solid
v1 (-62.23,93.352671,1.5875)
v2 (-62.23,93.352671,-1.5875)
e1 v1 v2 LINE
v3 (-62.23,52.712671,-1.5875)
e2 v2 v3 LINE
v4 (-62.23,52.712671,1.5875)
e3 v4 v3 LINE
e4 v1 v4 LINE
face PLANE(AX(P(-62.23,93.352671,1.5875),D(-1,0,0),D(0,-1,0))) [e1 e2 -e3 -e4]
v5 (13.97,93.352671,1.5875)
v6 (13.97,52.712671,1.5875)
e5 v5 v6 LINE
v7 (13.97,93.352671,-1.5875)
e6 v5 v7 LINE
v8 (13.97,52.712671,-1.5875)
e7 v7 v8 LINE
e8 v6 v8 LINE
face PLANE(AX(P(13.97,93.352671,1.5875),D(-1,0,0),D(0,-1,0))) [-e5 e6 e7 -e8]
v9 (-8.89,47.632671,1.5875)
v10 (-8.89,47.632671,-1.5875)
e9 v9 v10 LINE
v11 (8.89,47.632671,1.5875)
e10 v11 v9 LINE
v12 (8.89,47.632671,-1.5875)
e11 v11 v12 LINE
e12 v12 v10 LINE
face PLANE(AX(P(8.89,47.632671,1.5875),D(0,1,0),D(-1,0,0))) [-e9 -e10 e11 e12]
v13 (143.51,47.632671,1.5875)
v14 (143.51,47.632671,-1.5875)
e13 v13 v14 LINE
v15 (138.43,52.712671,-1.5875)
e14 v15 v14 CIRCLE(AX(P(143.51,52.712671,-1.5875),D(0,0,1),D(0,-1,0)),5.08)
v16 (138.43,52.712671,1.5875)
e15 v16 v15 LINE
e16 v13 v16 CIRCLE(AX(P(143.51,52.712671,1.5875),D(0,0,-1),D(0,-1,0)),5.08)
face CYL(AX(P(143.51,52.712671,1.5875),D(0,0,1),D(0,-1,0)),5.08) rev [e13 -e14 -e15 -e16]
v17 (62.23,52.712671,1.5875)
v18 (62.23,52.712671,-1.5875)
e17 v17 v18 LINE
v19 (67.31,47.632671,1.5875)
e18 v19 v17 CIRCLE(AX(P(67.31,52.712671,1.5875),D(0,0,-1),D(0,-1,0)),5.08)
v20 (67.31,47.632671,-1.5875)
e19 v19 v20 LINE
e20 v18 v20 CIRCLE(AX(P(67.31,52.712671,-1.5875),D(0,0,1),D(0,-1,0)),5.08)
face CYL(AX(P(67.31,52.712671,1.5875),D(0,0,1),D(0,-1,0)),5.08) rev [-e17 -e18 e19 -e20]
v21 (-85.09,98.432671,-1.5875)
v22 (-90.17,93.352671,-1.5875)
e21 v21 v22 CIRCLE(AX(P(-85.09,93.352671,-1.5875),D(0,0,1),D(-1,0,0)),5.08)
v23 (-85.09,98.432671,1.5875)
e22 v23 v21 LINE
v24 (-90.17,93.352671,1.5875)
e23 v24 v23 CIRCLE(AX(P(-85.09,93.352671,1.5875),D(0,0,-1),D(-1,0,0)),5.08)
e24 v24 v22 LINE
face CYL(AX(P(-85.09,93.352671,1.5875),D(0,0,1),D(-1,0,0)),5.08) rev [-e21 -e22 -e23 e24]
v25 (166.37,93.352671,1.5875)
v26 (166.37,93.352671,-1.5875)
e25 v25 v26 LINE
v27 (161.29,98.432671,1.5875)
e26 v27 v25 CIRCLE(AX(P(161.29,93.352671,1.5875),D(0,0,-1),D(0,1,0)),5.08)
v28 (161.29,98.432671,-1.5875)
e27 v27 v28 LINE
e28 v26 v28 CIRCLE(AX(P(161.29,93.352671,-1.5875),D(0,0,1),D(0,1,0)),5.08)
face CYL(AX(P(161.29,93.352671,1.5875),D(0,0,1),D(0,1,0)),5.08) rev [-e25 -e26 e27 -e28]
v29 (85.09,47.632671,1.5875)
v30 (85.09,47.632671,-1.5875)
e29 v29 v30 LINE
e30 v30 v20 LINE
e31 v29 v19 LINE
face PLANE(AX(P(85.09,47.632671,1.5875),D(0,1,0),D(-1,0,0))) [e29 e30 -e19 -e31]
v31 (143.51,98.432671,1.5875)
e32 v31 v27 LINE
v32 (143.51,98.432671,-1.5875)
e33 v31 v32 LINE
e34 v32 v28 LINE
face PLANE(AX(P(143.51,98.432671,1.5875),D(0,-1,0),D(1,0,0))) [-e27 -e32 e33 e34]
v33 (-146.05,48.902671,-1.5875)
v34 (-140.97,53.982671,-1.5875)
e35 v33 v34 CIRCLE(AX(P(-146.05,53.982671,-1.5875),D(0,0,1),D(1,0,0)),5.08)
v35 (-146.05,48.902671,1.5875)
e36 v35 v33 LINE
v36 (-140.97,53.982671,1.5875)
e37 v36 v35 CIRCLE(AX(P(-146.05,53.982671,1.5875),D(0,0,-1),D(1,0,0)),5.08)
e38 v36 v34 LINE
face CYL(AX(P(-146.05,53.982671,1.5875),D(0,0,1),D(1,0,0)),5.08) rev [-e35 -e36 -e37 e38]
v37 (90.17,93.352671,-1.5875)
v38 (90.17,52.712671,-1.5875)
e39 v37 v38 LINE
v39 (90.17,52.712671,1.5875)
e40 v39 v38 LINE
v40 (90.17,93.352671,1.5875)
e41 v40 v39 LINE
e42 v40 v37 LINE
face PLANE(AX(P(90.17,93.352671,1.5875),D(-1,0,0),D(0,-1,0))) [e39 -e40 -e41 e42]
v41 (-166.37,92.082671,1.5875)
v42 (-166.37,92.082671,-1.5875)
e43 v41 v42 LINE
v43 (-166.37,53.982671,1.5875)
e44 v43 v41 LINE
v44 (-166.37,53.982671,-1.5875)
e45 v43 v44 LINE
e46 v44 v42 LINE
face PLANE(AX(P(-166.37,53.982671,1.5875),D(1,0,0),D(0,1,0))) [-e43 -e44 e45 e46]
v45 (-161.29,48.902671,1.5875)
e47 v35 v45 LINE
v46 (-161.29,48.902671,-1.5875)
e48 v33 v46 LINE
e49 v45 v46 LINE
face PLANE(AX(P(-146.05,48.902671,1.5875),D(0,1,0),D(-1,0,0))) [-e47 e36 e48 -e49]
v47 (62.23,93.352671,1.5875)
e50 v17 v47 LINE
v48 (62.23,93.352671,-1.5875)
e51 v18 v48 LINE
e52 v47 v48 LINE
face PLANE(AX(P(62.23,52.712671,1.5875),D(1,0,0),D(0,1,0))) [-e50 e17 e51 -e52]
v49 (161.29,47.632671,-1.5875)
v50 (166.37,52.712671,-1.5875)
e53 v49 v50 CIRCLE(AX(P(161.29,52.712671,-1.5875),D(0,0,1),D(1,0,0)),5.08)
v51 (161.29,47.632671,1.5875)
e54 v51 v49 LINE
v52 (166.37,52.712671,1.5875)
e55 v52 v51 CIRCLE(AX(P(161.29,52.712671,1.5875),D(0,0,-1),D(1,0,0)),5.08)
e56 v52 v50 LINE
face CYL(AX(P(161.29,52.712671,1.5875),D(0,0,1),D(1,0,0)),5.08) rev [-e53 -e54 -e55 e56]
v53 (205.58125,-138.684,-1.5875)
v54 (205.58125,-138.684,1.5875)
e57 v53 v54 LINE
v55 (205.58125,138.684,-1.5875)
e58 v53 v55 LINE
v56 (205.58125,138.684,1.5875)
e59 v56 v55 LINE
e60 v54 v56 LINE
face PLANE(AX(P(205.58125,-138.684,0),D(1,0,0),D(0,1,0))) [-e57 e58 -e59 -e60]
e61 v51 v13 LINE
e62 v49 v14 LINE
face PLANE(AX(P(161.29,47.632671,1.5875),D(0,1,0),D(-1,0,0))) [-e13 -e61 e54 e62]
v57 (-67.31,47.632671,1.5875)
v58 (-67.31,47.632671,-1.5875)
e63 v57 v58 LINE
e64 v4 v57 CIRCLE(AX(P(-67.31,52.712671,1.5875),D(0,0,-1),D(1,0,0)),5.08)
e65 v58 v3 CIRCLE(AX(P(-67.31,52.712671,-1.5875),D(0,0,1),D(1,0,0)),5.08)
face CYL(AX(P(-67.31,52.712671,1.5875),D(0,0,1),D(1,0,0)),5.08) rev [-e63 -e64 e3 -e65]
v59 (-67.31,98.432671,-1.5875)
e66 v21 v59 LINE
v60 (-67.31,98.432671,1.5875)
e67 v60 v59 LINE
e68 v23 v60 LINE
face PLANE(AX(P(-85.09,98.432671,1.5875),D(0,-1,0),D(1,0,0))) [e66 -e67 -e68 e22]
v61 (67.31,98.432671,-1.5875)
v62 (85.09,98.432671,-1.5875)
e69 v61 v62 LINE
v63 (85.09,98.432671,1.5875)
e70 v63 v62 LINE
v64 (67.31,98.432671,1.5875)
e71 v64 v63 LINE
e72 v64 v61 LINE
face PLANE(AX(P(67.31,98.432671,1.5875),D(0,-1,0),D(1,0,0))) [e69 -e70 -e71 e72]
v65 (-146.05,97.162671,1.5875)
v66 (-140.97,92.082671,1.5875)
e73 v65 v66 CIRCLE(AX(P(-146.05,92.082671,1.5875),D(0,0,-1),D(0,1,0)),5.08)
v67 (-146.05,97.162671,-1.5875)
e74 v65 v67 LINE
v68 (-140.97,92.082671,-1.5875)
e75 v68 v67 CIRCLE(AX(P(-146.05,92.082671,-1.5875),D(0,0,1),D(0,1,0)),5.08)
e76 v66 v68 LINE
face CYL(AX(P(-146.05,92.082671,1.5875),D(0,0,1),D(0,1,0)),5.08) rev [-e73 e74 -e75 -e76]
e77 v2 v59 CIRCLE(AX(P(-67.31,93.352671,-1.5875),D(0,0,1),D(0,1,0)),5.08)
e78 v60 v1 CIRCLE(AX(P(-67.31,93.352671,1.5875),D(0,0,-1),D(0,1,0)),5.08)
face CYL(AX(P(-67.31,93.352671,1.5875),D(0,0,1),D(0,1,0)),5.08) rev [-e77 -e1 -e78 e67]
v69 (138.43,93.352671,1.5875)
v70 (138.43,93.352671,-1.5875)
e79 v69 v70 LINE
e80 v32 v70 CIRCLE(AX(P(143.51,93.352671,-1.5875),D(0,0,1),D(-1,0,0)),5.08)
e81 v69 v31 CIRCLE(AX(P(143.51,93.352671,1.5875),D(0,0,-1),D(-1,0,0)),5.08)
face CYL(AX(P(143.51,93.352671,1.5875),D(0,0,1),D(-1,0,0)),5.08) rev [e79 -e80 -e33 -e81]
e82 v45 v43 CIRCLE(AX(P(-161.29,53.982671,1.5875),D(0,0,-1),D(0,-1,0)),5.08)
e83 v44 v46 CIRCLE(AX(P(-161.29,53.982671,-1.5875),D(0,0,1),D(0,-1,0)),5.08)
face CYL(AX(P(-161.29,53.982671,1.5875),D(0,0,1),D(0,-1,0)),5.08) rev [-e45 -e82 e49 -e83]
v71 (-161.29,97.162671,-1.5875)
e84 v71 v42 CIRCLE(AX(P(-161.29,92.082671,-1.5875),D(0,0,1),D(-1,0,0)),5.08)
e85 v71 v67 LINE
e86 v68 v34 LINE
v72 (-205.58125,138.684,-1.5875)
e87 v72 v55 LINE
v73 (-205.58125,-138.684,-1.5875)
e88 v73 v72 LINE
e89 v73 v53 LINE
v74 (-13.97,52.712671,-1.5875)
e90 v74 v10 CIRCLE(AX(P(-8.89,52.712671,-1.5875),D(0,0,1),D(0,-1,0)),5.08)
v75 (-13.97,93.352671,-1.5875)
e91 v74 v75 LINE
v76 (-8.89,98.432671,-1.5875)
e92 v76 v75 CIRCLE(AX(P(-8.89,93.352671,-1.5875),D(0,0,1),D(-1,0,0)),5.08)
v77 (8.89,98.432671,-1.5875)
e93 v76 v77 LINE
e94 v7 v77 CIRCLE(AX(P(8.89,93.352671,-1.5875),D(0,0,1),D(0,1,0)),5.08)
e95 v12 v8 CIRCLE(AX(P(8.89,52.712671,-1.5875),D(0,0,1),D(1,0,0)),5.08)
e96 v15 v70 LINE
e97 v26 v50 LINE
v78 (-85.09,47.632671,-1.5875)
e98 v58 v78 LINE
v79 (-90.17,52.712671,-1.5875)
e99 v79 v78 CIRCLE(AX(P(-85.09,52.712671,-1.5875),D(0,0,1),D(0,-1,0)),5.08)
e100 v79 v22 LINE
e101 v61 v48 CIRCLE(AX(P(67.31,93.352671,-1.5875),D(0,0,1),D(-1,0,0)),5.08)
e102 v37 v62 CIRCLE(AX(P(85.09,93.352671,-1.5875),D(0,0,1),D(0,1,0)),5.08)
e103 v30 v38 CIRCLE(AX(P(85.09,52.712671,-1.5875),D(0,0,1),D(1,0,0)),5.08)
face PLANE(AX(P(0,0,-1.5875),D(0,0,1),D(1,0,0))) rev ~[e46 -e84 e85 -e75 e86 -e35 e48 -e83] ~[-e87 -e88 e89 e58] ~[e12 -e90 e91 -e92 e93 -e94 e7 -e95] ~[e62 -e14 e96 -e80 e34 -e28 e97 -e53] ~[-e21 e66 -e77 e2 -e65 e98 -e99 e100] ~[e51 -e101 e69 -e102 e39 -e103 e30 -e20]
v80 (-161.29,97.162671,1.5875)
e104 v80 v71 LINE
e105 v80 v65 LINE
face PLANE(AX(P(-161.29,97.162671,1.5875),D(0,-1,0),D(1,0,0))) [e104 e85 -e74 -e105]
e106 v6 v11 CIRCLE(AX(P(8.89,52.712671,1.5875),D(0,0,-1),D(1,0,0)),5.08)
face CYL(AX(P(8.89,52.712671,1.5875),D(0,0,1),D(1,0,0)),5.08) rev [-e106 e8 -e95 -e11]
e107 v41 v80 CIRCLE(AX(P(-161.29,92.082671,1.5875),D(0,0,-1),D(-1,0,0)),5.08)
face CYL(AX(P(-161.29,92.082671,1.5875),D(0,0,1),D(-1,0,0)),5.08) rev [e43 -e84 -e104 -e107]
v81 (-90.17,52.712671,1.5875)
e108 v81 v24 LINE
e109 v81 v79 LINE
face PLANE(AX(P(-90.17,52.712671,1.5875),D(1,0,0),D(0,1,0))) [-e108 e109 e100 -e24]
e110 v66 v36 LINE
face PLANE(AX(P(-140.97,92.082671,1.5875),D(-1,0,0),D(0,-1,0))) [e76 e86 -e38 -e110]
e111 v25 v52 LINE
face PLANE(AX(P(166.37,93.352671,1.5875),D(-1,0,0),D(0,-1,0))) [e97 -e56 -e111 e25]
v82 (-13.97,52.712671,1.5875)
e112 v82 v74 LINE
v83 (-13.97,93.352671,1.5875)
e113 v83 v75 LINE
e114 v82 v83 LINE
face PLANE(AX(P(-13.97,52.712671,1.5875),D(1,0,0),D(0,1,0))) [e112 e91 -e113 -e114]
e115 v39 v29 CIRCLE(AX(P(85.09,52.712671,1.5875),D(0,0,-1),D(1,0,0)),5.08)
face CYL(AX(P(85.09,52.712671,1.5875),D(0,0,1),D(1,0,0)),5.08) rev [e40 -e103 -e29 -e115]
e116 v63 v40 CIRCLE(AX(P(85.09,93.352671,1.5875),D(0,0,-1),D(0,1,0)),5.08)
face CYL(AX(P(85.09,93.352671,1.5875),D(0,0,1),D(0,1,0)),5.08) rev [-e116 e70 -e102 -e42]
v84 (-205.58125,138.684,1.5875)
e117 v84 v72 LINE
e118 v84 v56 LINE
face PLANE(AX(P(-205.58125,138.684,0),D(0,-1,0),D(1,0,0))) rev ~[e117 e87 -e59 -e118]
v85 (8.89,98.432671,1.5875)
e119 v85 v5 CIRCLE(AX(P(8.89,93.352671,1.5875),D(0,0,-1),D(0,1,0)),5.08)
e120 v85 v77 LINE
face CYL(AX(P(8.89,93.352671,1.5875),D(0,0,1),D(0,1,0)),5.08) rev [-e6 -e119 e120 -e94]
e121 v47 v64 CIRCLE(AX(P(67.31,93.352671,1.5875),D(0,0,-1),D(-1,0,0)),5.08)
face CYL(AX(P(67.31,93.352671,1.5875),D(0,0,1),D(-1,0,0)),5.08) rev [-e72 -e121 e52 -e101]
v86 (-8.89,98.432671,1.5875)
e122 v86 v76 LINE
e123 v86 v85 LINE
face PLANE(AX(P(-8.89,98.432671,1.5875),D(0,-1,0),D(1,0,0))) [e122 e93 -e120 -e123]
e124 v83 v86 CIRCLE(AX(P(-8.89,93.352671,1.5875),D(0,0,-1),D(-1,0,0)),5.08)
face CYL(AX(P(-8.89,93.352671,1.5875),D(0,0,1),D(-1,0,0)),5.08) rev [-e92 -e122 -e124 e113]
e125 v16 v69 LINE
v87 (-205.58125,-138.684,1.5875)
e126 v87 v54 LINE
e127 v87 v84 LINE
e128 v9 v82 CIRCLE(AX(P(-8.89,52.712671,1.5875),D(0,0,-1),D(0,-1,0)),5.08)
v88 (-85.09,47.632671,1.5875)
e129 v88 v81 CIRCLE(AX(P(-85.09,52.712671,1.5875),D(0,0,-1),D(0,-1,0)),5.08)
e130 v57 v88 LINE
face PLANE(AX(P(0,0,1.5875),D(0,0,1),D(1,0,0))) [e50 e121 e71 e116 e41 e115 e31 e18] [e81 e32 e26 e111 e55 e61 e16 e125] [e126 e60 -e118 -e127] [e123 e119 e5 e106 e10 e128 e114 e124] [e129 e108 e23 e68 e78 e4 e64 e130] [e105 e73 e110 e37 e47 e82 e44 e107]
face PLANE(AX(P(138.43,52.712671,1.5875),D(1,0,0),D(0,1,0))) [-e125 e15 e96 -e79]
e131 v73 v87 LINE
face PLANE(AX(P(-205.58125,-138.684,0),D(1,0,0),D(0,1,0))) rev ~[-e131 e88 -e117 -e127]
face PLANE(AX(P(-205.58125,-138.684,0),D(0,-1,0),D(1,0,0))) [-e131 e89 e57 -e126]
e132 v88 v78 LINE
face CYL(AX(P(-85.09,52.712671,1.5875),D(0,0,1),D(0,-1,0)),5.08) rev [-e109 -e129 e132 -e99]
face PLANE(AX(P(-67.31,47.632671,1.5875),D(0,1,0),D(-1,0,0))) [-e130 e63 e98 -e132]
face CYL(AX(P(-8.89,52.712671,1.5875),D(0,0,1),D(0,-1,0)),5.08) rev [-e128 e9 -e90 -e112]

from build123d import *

# Parameters (mm, degrees)
SKETCH3_W           = 411.1625
SKETCH3_H           = 277.368
BOSS_EXTRUDE1_DEPTH = 1.5875
CUT_EXTRUDE1_DEPTH  = 25.4


with BuildPart() as part:
    # Sketch3 → Boss-Extrude1 (new, symmetric)
    with BuildSketch(Plane.XY):
        Rectangle(SKETCH3_W, SKETCH3_H)
    extrude(amount=BOSS_EXTRUDE1_DEPTH, both=True)

    # Sketch4 → Cut-Extrude1 (cut)
    with BuildSketch(Plane.XY.offset(1.5875)):
        with BuildLine():
            Line((-8.89, 98.4326708), (8.89, 98.4326708))
            ThreePointArc((8.89, 98.4326708), (12.482102448, 96.944773248), (13.97, 93.3526708))
            Line((13.97, 93.3526708), (13.97, 52.7126708))
            ThreePointArc((13.97, 52.7126708), (12.482102448, 49.120568352), (8.89, 47.6326708))
            Line((8.89, 47.6326708), (-8.89, 47.6326708))
            ThreePointArc((-8.89, 47.6326708), (-12.482102448, 49.120568352), (-13.97, 52.7126708))
            Line((-13.97, 52.7126708), (-13.97, 93.3526708))
            ThreePointArc((-13.97, 93.3526708), (-12.482102448, 96.944773248), (-8.89, 98.4326708))
        make_face()
        with BuildLine():
            Line((67.31, 98.4326708), (85.09, 98.4326708))
            ThreePointArc((85.09, 98.4326708), (88.682102448, 96.944773248), (90.17, 93.3526708))
            Line((90.17, 93.3526708), (90.17, 52.7126708))
            ThreePointArc((90.17, 52.7126708), (88.682102448, 49.120568352), (85.09, 47.6326708))
            Line((85.09, 47.6326708), (67.31, 47.6326708))
            ThreePointArc((67.31, 47.6326708), (63.717897552, 49.120568352), (62.23, 52.7126708))
            Line((62.23, 52.7126708), (62.23, 93.3526708))
            ThreePointArc((62.23, 93.3526708), (63.717897552, 96.944773248), (67.31, 98.4326708))
        make_face()
        with BuildLine():
            Line((143.51, 98.4326708), (161.29, 98.4326708))
            ThreePointArc((161.29, 98.4326708), (164.882102448, 96.944773248), (166.37, 93.3526708))
            Line((166.37, 93.3526708), (166.37, 52.7126708))
            ThreePointArc((166.37, 52.7126708), (164.882102448, 49.120568352), (161.29, 47.6326708))
            Line((161.29, 47.6326708), (143.51, 47.6326708))
            ThreePointArc((143.51, 47.6326708), (139.917897552, 49.120568352), (138.43, 52.7126708))
            Line((138.43, 52.7126708), (138.43, 93.3526708))
            ThreePointArc((138.43, 93.3526708), (139.917897552, 96.944773248), (143.51, 98.4326708))
        make_face()
        with BuildLine():
            Line((-85.09, 98.4326708), (-67.31, 98.4326708))
            ThreePointArc((-67.31, 98.4326708), (-63.717897552, 96.944773248), (-62.23, 93.3526708))
            Line((-62.23, 93.3526708), (-62.23, 52.7126708))
            ThreePointArc((-62.23, 52.7126708), (-63.717897552, 49.120568352), (-67.31, 47.6326708))
            Line((-67.31, 47.6326708), (-85.09, 47.6326708))
            ThreePointArc((-85.09, 47.6326708), (-88.682102448, 49.120568352), (-90.17, 52.7126708))
            Line((-90.17, 52.7126708), (-90.17, 93.3526708))
            ThreePointArc((-90.17, 93.3526708), (-88.682102448, 96.944773248), (-85.09, 98.4326708))
        make_face()
        with BuildLine():
            Line((-161.29, 97.1626708), (-146.05, 97.1626708))
            ThreePointArc((-146.05, 97.1626708), (-142.457897552, 95.674773248), (-140.97, 92.0826708))
            Line((-140.97, 92.0826708), (-140.97, 53.9826708))
            ThreePointArc((-140.97, 53.9826708), (-142.457897552, 50.390568352), (-146.05, 48.9026708))
            Line((-146.05, 48.9026708), (-161.29, 48.9026708))
            ThreePointArc((-161.29, 48.9026708), (-164.882102448, 50.390568352), (-166.37, 53.9826708))
            Line((-166.37, 53.9826708), (-166.37, 92.0826708))
            ThreePointArc((-166.37, 92.0826708), (-164.882102448, 95.674773248), (-161.29, 97.1626708))
        make_face()
    extrude(amount=-CUT_EXTRUDE1_DEPTH, mode=Mode.SUBTRACT)


solid = part.part
